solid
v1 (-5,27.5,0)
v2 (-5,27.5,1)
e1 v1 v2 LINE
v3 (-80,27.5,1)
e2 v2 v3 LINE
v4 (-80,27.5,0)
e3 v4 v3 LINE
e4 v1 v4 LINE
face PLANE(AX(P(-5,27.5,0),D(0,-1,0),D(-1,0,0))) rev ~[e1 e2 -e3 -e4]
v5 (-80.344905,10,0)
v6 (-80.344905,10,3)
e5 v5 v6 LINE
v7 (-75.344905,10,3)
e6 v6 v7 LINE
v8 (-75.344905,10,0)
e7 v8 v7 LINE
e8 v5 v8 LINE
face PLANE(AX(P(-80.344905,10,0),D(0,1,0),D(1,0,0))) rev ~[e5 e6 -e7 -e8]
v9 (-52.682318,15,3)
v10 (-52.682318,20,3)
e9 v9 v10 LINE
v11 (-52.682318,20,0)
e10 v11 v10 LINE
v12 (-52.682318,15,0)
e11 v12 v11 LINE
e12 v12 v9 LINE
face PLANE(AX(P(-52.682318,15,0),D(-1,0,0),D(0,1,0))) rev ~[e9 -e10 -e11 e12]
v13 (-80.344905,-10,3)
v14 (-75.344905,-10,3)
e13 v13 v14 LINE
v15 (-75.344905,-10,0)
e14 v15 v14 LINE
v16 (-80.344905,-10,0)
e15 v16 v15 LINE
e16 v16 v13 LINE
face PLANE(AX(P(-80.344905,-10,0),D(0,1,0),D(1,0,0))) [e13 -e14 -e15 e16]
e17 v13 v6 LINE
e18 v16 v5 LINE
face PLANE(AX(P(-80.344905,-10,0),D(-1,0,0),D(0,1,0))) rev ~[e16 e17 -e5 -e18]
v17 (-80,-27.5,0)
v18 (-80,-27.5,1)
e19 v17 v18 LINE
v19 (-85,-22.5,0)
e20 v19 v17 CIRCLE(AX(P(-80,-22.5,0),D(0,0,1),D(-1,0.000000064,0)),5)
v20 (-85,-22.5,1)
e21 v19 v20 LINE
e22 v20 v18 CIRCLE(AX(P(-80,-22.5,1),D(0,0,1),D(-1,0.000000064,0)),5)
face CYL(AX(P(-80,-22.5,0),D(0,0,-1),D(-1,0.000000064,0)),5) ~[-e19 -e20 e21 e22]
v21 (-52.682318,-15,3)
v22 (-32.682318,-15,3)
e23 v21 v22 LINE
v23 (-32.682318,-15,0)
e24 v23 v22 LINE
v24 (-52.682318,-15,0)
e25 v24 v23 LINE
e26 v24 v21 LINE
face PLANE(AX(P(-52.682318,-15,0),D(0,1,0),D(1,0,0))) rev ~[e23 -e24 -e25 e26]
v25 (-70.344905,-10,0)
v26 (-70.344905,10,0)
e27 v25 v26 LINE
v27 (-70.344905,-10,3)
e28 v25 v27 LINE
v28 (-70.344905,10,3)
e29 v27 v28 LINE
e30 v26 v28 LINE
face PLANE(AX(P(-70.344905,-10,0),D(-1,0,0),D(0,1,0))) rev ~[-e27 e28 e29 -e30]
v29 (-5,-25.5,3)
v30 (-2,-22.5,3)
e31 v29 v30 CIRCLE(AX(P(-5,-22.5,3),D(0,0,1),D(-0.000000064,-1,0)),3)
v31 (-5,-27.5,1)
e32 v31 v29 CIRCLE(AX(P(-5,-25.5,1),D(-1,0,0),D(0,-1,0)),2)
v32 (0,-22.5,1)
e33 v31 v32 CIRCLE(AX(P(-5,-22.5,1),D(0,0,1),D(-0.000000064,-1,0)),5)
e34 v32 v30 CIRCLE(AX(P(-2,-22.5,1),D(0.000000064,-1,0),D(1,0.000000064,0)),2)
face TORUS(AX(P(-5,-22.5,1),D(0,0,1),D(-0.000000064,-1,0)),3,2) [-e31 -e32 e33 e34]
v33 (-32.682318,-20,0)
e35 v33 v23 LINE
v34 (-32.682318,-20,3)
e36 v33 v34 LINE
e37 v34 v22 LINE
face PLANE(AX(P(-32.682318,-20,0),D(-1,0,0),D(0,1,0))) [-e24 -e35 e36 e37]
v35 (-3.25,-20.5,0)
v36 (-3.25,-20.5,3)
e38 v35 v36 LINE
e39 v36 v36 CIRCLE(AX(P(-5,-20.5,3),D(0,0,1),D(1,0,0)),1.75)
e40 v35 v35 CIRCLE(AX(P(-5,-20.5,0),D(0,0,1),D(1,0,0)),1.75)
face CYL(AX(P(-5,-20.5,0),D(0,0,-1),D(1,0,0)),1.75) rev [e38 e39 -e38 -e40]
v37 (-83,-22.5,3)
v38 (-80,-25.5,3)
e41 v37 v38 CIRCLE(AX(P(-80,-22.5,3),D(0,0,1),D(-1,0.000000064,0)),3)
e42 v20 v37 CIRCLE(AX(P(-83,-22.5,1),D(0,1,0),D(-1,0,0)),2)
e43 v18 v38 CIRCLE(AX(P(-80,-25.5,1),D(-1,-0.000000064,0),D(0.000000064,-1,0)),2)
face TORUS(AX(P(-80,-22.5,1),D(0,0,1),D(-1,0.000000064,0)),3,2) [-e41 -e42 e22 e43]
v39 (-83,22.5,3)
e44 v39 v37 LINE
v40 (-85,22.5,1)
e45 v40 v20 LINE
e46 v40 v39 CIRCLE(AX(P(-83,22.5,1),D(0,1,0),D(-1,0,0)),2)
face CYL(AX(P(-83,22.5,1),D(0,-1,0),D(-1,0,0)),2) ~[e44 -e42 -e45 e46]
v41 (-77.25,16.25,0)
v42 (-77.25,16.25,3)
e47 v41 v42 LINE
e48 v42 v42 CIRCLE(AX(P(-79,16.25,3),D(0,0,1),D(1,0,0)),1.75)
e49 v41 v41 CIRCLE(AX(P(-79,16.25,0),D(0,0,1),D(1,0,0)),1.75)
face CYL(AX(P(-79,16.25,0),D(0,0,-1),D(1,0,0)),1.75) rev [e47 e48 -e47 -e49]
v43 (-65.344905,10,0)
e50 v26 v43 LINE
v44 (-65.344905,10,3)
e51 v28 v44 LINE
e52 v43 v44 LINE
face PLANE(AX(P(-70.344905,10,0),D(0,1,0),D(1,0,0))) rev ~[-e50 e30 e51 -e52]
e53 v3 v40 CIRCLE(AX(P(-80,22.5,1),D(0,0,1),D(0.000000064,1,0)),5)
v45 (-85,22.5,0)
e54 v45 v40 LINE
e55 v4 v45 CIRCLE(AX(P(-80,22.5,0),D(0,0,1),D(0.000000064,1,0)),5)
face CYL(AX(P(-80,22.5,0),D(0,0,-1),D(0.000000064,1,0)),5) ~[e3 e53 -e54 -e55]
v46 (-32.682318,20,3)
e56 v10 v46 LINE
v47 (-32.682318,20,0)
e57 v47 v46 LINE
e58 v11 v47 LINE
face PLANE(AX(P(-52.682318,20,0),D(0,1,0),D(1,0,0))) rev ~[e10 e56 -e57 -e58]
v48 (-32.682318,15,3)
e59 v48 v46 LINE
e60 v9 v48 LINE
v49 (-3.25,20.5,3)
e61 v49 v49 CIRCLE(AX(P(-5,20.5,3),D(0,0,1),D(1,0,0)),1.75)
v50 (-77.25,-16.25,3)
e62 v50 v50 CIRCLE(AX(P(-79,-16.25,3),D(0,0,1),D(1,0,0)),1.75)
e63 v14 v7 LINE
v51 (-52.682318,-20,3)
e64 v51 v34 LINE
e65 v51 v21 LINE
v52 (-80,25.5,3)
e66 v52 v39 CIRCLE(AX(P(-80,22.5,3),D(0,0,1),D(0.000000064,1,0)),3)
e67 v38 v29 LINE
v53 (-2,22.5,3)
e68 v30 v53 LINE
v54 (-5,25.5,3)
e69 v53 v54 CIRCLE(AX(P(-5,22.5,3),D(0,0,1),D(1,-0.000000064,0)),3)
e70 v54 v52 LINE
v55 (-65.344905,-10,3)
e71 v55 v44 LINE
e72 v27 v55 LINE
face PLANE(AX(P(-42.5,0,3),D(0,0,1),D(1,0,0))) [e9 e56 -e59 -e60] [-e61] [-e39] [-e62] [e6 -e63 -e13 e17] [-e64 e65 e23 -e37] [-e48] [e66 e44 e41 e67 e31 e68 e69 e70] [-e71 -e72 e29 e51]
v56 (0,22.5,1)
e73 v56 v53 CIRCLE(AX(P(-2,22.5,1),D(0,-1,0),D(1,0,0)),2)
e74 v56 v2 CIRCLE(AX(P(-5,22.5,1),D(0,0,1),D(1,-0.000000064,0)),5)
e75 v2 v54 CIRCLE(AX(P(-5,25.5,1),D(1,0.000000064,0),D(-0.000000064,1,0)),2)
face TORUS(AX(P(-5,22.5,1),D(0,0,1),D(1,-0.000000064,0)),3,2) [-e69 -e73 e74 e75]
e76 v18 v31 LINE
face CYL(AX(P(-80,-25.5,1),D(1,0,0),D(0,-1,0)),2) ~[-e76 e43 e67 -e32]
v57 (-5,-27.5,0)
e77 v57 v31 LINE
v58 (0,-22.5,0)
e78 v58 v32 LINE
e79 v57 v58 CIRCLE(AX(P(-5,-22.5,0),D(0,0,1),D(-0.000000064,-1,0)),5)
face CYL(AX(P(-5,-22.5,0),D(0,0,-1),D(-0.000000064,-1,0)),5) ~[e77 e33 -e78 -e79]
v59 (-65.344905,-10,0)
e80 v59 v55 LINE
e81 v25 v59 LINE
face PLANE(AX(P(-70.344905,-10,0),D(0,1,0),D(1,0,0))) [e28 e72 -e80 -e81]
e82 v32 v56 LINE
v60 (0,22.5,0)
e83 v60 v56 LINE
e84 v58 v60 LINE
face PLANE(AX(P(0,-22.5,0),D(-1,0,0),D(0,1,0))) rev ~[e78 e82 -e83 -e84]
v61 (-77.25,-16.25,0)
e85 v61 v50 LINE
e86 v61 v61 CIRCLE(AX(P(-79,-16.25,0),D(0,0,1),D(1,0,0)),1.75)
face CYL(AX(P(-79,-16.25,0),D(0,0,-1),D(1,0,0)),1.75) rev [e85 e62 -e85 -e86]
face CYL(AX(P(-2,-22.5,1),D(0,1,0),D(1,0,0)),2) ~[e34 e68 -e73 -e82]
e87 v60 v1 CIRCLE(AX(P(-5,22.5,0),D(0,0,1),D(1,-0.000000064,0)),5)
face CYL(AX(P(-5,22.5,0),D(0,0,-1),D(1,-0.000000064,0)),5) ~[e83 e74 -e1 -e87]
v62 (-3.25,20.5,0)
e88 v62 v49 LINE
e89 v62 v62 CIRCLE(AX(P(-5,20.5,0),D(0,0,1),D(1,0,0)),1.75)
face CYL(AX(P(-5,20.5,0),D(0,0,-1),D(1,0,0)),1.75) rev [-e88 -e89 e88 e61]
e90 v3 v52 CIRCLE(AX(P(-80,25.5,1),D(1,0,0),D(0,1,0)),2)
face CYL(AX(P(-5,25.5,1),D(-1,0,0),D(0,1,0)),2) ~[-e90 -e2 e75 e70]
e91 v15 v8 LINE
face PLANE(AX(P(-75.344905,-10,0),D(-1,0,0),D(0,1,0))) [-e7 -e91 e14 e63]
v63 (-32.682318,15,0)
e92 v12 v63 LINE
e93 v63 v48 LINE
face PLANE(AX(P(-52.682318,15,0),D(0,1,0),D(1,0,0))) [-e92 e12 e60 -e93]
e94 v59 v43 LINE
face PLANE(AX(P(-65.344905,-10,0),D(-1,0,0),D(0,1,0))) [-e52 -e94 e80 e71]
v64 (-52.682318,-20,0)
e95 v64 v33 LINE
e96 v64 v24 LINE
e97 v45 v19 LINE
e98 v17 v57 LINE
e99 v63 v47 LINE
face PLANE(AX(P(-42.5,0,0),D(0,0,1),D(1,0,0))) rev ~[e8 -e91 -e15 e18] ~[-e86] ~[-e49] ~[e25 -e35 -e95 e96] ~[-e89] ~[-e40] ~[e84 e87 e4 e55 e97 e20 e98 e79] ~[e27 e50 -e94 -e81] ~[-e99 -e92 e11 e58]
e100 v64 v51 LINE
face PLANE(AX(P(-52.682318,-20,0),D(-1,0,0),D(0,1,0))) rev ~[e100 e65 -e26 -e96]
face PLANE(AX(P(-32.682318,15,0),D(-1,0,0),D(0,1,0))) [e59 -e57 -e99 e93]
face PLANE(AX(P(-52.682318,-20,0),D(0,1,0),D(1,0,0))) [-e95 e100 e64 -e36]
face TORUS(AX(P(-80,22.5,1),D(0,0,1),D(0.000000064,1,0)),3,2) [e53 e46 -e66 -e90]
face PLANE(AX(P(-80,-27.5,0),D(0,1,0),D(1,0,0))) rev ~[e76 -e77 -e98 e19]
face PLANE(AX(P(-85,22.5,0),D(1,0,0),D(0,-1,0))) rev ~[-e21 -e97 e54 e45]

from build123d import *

# Parameters (mm, degrees)
F0_R     = 1.75
F0_W     = 20
F0_H     = 5
F0_W_2   = 5
F0_H_2   = 20
F1_DEPTH = 3
F2_R     = 2


with BuildPart() as f1:
    # F0 (on Top) → F1 (new body)
    with BuildSketch(Plane.XY):
        with BuildLine():
            ThreePointArc((0, 22.5), (-1.464466, 26.035534), (-5, 27.5))
            Line((-5, 27.5), (-80, 27.5))
            ThreePointArc((-80, 27.5), (-83.535534, 26.035534), (-85, 22.5))
            Line((-85, 22.5), (-85, -22.5))
            ThreePointArc((-85, -22.5), (-83.535534, -26.035534), (-80, -27.5))
            Line((-80, -27.5), (-5, -27.5))
            ThreePointArc((-5, -27.5), (-1.464466, -26.035534), (0, -22.5))
            Line((0, -22.5), (0, 22.5))
        make_face()
        with Locations((-79, -16.25)):
            Circle(F0_R, mode=Mode.SUBTRACT)
        with Locations((-42.682318, -17.5)):
            Rectangle(F0_W, F0_H, mode=Mode.SUBTRACT)
        with Locations((-5, -20.5)):
            Circle(F0_R, mode=Mode.SUBTRACT)
        with Locations((-77.844905, 0)):
            Rectangle(F0_W_2, F0_H_2, mode=Mode.SUBTRACT)
        with Locations((-67.844905, 0)):
            Rectangle(F0_W_2, F0_H_2, mode=Mode.SUBTRACT)
        with Locations((-79, 16.25)):
            Circle(F0_R, mode=Mode.SUBTRACT)
        with Locations((-42.682318, 17.5)):
            Rectangle(F0_W, F0_H, mode=Mode.SUBTRACT)
        with Locations((-5, 20.5)):
            Circle(F0_R, mode=Mode.SUBTRACT)
    extrude(amount=F1_DEPTH)

    # F2
    f2_edges = [f1.edges().sort_by_distance(p)[0] for p in [
        (-85, 0, 3),
    ]]
    fillet(f2_edges, radius=F2_R)


solid = f1.part
